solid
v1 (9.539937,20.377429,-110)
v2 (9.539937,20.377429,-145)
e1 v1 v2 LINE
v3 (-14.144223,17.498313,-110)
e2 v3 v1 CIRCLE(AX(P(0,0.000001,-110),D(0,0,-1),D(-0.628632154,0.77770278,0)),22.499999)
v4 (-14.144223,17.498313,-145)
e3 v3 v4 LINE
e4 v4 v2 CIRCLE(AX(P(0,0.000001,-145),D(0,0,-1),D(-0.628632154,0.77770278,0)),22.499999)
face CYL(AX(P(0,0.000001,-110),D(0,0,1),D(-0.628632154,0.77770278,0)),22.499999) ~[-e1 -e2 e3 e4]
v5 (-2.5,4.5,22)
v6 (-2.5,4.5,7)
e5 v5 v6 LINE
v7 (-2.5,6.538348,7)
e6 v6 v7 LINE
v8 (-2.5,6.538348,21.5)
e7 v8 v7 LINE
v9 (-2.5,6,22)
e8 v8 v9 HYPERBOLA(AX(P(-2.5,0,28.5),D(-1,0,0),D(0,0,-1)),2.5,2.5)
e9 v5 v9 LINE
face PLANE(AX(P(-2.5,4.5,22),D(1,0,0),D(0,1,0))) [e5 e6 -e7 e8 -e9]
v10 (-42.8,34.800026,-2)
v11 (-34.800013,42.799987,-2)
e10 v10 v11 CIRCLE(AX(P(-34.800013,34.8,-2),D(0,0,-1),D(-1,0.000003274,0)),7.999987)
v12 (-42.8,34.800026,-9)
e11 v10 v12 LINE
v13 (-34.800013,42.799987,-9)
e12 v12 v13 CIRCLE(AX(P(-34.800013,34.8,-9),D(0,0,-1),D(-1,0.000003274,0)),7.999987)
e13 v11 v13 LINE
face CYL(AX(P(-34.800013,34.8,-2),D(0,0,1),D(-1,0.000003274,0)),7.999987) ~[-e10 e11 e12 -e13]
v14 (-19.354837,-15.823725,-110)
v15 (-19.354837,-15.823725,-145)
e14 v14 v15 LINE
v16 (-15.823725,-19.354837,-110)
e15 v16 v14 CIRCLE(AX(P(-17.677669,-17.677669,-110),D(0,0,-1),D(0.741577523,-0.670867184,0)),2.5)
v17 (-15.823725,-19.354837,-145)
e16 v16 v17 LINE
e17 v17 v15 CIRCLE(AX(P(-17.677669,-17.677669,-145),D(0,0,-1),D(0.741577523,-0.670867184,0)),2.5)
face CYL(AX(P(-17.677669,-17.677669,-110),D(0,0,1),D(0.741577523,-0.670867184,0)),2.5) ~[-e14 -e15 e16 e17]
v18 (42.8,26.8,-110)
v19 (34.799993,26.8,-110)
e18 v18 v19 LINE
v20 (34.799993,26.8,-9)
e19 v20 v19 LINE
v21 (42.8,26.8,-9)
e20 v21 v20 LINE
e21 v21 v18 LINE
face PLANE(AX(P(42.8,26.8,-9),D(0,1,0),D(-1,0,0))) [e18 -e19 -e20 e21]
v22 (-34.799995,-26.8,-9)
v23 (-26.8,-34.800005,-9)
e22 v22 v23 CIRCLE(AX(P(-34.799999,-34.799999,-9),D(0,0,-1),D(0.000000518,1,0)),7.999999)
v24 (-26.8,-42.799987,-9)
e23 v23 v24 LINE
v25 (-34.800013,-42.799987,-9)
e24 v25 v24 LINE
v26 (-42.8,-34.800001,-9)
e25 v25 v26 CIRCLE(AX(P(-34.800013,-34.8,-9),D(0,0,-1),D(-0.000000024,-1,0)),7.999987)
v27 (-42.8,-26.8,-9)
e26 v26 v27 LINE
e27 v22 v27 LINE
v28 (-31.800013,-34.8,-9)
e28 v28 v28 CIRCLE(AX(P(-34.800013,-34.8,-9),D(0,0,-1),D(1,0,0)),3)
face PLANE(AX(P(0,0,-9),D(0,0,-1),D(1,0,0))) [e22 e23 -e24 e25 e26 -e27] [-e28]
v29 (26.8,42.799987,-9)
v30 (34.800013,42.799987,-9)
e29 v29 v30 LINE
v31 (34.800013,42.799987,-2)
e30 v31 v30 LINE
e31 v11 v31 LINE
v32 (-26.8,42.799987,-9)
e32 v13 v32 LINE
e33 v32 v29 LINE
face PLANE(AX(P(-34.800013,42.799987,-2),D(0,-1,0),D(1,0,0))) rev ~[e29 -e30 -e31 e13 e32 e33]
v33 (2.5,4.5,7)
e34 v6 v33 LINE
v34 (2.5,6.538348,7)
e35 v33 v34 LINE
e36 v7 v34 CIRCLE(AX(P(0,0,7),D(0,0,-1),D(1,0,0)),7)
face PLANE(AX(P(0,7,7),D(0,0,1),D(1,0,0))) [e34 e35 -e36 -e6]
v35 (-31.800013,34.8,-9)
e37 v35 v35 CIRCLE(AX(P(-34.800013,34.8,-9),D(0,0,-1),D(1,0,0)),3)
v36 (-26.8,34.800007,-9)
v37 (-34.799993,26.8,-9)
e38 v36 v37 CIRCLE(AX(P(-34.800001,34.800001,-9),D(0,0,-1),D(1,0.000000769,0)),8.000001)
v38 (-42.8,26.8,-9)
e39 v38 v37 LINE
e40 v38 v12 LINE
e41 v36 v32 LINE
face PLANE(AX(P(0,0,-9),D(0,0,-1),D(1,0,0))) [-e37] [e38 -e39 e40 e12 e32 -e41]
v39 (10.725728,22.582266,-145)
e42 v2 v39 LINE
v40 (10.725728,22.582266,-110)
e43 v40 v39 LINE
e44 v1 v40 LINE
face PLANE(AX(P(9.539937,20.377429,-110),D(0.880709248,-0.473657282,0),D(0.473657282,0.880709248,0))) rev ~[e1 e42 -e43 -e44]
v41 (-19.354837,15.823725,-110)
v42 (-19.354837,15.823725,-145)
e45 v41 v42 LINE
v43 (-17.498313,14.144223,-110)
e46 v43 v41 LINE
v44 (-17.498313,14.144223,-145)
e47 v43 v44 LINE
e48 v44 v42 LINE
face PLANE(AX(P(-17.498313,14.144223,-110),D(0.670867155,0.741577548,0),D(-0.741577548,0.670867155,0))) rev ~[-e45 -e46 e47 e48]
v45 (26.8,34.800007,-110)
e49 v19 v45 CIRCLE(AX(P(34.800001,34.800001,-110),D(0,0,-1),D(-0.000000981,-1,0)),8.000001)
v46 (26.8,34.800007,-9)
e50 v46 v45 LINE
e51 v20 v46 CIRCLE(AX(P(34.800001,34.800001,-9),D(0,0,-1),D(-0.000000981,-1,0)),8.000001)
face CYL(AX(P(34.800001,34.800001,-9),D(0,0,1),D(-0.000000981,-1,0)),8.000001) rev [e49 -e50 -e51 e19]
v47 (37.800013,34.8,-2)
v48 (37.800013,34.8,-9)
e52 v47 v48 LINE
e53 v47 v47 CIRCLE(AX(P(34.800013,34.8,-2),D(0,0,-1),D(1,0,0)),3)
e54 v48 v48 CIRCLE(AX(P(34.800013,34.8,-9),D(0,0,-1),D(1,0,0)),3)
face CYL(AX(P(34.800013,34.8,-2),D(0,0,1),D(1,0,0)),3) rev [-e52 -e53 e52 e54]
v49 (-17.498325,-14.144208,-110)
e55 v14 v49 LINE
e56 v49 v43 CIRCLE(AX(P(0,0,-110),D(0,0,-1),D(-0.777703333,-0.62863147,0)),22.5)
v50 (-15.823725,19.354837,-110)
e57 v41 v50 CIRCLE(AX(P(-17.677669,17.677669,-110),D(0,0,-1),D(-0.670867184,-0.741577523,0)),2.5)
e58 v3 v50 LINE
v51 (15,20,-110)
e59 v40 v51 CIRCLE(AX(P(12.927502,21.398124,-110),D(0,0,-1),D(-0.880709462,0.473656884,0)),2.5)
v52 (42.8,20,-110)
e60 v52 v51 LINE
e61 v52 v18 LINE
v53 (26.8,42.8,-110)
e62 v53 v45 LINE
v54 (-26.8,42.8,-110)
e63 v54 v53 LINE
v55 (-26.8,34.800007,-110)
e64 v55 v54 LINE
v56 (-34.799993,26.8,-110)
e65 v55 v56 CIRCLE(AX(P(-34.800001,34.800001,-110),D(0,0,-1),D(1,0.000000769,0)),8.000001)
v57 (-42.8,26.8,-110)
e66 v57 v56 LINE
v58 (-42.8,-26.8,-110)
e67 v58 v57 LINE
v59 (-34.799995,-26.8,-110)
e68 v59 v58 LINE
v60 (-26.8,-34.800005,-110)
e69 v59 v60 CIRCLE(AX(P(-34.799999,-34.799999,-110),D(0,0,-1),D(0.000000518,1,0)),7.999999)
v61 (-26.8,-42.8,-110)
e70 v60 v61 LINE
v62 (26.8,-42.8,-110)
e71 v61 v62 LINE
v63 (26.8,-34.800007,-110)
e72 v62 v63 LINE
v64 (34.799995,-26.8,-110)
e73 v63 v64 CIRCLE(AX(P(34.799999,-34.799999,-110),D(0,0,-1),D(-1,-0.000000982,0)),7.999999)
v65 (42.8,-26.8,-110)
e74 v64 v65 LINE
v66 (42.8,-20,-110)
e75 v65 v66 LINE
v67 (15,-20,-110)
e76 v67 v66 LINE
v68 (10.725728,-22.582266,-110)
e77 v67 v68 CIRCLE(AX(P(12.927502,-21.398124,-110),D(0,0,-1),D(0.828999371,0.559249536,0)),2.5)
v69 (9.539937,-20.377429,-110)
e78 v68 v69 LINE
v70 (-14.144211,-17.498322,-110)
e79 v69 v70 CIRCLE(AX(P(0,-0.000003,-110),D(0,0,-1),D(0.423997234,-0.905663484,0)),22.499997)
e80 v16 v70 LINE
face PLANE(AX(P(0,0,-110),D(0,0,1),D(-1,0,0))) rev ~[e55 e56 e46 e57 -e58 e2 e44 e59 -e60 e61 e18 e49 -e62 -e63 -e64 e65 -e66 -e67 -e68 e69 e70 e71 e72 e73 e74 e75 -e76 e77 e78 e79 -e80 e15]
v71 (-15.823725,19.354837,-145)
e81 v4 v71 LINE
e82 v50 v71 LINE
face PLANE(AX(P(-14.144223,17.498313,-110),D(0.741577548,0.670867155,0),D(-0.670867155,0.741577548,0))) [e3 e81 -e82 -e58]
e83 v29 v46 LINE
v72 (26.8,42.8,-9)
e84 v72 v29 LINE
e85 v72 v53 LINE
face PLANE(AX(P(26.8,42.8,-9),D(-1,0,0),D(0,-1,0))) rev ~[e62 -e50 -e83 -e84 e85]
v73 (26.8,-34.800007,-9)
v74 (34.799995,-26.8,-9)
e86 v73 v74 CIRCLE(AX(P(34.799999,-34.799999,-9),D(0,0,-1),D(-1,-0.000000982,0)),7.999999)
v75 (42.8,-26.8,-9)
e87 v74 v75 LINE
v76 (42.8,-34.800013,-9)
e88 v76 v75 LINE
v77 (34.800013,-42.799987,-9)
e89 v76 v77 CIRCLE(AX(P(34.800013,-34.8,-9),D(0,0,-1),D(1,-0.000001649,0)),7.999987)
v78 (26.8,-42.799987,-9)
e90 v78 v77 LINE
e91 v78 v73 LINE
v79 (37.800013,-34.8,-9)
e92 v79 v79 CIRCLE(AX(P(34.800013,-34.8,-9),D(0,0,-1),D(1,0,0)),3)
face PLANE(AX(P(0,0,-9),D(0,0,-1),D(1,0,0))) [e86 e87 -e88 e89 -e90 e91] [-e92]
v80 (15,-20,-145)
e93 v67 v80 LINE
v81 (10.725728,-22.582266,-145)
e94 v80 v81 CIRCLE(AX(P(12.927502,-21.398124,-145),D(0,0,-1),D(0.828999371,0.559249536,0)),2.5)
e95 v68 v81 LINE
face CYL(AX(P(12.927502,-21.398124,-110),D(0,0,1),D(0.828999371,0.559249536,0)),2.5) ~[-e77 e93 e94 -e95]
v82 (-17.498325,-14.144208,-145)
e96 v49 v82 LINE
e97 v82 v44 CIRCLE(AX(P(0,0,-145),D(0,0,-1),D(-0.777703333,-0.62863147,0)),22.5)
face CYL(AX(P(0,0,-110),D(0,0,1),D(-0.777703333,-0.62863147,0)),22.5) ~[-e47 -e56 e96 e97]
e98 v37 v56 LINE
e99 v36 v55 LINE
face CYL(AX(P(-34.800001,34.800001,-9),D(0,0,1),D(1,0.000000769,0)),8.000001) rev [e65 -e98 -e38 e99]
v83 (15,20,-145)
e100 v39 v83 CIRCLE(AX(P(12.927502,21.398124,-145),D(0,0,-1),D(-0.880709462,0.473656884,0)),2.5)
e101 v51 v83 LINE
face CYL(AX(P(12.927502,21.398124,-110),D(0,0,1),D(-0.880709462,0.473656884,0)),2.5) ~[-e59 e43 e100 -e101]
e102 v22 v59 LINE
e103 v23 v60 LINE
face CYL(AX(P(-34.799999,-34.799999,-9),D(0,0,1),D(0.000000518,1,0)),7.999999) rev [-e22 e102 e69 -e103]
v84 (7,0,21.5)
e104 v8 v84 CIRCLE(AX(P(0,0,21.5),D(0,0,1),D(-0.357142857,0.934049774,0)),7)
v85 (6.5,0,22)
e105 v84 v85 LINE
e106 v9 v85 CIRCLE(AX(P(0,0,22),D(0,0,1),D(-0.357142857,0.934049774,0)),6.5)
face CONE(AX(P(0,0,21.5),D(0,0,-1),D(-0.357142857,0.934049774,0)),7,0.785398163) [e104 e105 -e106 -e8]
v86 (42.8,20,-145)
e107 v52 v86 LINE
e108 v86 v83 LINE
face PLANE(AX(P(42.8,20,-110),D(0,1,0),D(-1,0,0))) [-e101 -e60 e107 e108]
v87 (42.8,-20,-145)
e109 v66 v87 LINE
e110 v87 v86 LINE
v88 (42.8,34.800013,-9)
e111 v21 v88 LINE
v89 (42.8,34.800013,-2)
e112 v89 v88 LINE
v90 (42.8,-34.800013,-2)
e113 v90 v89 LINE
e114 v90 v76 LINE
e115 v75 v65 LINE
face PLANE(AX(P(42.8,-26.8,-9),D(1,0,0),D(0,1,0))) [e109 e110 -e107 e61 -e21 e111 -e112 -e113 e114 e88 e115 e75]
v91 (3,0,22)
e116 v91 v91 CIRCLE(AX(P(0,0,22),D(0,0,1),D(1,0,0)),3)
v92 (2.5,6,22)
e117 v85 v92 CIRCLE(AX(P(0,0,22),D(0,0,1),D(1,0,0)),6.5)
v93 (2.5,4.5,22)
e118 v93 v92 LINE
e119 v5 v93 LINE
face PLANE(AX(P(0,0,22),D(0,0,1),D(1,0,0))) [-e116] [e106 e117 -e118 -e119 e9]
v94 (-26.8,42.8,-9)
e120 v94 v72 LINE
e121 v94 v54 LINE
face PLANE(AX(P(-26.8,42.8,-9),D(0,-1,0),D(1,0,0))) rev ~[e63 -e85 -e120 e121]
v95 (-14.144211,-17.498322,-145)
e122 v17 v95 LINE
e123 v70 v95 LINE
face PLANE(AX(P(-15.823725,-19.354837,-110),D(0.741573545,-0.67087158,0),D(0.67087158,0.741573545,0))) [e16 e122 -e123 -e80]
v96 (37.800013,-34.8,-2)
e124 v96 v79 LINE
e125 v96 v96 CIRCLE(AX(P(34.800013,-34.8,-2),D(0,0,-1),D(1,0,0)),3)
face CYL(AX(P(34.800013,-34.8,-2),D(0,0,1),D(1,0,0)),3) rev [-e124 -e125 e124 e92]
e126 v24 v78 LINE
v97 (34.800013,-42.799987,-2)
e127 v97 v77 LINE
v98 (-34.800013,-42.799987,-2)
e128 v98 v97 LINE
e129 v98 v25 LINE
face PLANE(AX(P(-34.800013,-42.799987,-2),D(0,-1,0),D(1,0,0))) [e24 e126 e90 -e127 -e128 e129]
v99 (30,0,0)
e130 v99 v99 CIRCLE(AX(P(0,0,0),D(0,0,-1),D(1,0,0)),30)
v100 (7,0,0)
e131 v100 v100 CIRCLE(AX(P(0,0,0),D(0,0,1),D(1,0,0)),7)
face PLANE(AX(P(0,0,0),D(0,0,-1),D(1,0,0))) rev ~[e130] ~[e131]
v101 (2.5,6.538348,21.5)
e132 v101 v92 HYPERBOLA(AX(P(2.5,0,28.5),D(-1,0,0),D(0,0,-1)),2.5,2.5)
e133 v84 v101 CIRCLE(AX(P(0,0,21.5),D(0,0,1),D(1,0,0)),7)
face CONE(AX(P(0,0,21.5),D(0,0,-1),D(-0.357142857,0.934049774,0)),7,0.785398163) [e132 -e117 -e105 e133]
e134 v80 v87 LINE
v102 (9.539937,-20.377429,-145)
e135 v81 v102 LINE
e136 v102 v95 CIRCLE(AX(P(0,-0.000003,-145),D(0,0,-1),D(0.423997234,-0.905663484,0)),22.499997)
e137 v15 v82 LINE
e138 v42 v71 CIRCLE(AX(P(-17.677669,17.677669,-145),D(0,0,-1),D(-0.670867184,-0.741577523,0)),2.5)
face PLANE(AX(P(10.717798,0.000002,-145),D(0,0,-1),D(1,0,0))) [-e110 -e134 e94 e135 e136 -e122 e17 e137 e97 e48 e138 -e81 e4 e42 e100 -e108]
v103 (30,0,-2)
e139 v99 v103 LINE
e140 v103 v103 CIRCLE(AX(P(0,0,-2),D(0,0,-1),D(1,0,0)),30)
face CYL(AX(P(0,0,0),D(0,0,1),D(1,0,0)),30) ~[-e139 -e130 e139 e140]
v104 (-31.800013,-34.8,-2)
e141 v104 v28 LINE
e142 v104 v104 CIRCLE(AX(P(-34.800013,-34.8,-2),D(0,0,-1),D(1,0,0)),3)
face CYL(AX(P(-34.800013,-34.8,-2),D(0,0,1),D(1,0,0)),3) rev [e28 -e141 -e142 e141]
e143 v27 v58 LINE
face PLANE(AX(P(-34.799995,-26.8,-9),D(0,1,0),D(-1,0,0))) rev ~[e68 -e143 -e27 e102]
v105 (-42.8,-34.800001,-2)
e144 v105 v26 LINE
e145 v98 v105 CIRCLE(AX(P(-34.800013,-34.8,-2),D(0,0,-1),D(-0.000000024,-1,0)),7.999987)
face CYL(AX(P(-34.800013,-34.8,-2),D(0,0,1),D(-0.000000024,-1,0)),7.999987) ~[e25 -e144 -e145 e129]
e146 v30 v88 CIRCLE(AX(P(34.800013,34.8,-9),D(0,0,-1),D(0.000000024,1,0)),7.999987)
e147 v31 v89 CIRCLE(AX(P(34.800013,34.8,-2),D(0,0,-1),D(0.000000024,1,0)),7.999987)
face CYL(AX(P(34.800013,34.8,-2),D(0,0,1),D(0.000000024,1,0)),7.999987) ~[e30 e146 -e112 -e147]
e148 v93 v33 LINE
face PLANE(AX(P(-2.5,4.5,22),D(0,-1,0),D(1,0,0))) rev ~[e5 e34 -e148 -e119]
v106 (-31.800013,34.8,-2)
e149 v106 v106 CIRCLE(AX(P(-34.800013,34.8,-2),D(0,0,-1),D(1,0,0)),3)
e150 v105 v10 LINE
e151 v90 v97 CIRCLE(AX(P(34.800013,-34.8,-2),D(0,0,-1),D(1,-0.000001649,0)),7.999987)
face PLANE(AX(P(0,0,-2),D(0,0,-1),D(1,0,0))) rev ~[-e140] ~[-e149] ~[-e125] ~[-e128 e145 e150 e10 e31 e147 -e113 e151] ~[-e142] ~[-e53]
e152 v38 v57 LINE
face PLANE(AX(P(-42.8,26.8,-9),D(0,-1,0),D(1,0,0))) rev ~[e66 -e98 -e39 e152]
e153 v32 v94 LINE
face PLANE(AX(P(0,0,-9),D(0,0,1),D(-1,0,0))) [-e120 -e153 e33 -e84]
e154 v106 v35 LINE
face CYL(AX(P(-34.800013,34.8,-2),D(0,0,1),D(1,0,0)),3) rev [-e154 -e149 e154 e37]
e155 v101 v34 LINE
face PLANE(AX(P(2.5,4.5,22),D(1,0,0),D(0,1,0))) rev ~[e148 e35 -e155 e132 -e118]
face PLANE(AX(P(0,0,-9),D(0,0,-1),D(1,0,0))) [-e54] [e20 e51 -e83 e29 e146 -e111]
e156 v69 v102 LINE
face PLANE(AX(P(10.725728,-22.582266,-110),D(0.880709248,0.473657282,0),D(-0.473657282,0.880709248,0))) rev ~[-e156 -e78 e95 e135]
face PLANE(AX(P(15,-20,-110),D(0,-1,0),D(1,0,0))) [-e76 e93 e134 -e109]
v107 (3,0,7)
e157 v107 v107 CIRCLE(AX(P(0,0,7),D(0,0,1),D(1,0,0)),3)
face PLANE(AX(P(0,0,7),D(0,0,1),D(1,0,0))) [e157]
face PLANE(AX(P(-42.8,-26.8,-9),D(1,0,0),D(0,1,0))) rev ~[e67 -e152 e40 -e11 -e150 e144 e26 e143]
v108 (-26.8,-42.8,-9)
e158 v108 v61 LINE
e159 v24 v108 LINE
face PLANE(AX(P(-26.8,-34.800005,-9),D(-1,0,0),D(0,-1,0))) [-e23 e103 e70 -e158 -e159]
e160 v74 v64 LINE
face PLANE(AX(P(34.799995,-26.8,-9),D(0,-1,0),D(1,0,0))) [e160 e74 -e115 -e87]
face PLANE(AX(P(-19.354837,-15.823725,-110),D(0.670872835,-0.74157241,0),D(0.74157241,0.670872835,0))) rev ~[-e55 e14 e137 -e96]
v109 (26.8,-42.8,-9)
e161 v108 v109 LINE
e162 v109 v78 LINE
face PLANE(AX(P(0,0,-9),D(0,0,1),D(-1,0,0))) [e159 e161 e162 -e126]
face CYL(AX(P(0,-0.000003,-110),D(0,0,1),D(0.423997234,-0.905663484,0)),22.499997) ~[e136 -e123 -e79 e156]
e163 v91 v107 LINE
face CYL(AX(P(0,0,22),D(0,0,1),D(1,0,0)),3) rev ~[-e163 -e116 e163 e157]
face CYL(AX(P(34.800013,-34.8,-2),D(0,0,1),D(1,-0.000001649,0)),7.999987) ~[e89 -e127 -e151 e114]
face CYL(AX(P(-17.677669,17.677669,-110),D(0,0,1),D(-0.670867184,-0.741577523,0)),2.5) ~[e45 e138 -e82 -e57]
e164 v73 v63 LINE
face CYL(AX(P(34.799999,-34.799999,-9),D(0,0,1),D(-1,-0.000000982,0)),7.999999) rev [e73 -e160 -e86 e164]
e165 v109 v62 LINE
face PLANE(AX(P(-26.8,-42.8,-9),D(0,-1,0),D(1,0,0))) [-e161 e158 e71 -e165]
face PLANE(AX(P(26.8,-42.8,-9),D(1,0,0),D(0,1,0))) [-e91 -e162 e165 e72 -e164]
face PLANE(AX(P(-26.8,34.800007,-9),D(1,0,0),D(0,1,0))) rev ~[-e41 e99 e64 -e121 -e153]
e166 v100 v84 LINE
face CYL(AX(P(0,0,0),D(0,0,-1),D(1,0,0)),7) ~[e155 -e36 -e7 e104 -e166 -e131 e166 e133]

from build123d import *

# Parameters (mm, degrees)
SKETCH002_R  = 7
PAD_DEPTH    = 22
SKETCH001_R  = 30
PAD001_DEPTH = 2
SKETCH_R     = 3
PAD002_DEPTH = 7
PAD003_DEPTH = 101
PAD004_DEPTH = 35
SKETCH007_R  = 3
SKETCH007_W  = 5
SKETCH007_H  = 5
POCKET_DEPTH = 15
CHAMFER_SIZE = 0.5


with BuildPart() as part:
    # Sketch002 → Pad (new body)
    with BuildSketch(Plane.XY):
        Circle(SKETCH002_R)
    extrude(amount=PAD_DEPTH)

    # Sketch001 → Pad001 (new body)
    with BuildSketch(Plane(origin=(0, 0, 0), x_dir=(1, 0, 0), z_dir=(0, 0, -1))):
        Circle(SKETCH001_R)
    extrude(amount=PAD001_DEPTH)

    # Sketch → Pad002 (new body)
    with BuildSketch(Plane(origin=(0, 0, -2), x_dir=(1, 0, 0), z_dir=(0, 0, -1))):
        with BuildLine():
            ThreePointArc((-34.800013, 42.799987), (-40.456858, 40.456845), (-42.8, 34.800001))
            Line((-42.8, 34.800001), (-42.8, -34.800026))
            ThreePointArc((-42.8, -34.800026), (-40.456849, -40.456854), (-34.800013, -42.799987))
            Line((-34.800013, -42.799987), (34.800013, -42.799987))
            ThreePointArc((34.800013, -42.799987), (40.456853, -40.45685), (42.8, -34.800013))
            Line((42.8, 34.800013), (42.8, -34.800013))
            ThreePointArc((42.8, 34.800013), (40.456853, 40.45685), (34.800013, 42.799987))
            Line((-34.800013, 42.799987), (34.800013, 42.799987))
        make_face()
        with Locations((-34.800013, 34.8)):
            Circle(SKETCH_R, mode=Mode.SUBTRACT)
        with Locations((34.800013, 34.8)):
            Circle(SKETCH_R, mode=Mode.SUBTRACT)
        with Locations((34.800013, -34.8)):
            Circle(SKETCH_R, mode=Mode.SUBTRACT)
        with Locations((-34.800013, -34.8)):
            Circle(SKETCH_R, mode=Mode.SUBTRACT)
    extrude(amount=PAD002_DEPTH)

    # Sketch003 → Pad003 (new body)
    with BuildSketch(Plane(origin=(0, 0, -9), x_dir=(1, 0, 0), z_dir=(0, 0, -1))):
        with BuildLine():
            ThreePointArc((-34.799995, 26.8), (-29.143142, 29.143149), (-26.8, 34.800005))
            Line((-26.8, 34.800005), (-26.8, 42.8))
            Line((-26.8, 42.8), (26.8, 42.8))
            Line((26.8, 42.8), (26.8, 34.800007))
            ThreePointArc((26.8, 34.800007), (29.143141, 29.14315), (34.799995, 26.8))
            Line((34.799995, 26.8), (42.8, 26.8))
            Line((42.8, 26.8), (42.8, -26.8))
            Line((42.8, -26.8), (34.799993, -26.8))
            ThreePointArc((34.799993, -26.8), (29.143141, -29.143151), (26.8, -34.800007))
            Line((26.8, -42.8), (26.8, -34.800007))
            Line((-26.8, -42.8), (26.8, -42.8))
            Line((-26.8, -34.800007), (-26.8, -42.8))
            ThreePointArc((-26.8, -34.800007), (-29.143141, -29.143151), (-34.799993, -26.8))
            Line((-42.8, -26.8), (-34.799993, -26.8))
            Line((-42.8, 26.8), (-42.8, -26.8))
            Line((-34.799995, 26.8), (-42.8, 26.8))
        make_face()
    extrude(amount=PAD003_DEPTH)

    # Sketch006 → Pad004 (new body)
    with BuildSketch(Plane(origin=(0, 0, -110), x_dir=(1, 0, 0), z_dir=(0, 0, -1))):
        with BuildLine():
            ThreePointArc((15, 20), (14.220252, 23.537936), (10.725728, 22.582266))
            Line((10.725728, 22.582266), (9.539937, 20.377429))
            ThreePointArc((9.539937, 20.377429), (-2.71517, 22.335574), (-14.144211, 17.498322))
            Line((-15.823725, 19.354837), (-14.144211, 17.498322))
            ThreePointArc((-15.823725, 19.354837), (-19.445436, 19.445436), (-19.354837, 15.823725))
            Line((-19.354837, 15.823725), (-17.498325, 14.144208))
            ThreePointArc((-17.498325, 14.144208), (-22.5, -1e-05), (-17.498313, -14.144223))
            Line((-17.498313, -14.144223), (-19.354837, -15.823725))
            ThreePointArc((-19.354837, -15.823725), (-19.445436, -19.445436), (-15.823725, -19.354837))
            Line((-14.144223, -17.498313), (-15.823725, -19.354837))
            ThreePointArc((-14.144223, -17.498313), (-2.715178, -22.335573), (9.539937, -20.377429))
            Line((9.539937, -20.377429), (10.725728, -22.582266))
            ThreePointArc((10.725728, -22.582266), (14.220252, -23.537936), (15, -20))
            Line((42.8, -20), (15, -20))
            Line((42.8, 20), (42.8, -20))
            Line((15, 20), (42.8, 20))
        make_face()
    extrude(amount=PAD004_DEPTH)

    # Sketch007 → Pocket (cut)
    with BuildSketch(Plane.XY.offset(22)):
        Circle(SKETCH007_R)
        with Locations((0, 7)):
            Rectangle(SKETCH007_W, SKETCH007_H)
    extrude(amount=-POCKET_DEPTH, mode=Mode.SUBTRACT)

    # Chamfer
    chamfer_edges = [part.edges().sort_by_distance(p)[0] for p in [
        (-3.968627, -5.766281, 22),
    ]]
    chamfer(chamfer_edges, length=CHAMFER_SIZE)


solid = part.part
